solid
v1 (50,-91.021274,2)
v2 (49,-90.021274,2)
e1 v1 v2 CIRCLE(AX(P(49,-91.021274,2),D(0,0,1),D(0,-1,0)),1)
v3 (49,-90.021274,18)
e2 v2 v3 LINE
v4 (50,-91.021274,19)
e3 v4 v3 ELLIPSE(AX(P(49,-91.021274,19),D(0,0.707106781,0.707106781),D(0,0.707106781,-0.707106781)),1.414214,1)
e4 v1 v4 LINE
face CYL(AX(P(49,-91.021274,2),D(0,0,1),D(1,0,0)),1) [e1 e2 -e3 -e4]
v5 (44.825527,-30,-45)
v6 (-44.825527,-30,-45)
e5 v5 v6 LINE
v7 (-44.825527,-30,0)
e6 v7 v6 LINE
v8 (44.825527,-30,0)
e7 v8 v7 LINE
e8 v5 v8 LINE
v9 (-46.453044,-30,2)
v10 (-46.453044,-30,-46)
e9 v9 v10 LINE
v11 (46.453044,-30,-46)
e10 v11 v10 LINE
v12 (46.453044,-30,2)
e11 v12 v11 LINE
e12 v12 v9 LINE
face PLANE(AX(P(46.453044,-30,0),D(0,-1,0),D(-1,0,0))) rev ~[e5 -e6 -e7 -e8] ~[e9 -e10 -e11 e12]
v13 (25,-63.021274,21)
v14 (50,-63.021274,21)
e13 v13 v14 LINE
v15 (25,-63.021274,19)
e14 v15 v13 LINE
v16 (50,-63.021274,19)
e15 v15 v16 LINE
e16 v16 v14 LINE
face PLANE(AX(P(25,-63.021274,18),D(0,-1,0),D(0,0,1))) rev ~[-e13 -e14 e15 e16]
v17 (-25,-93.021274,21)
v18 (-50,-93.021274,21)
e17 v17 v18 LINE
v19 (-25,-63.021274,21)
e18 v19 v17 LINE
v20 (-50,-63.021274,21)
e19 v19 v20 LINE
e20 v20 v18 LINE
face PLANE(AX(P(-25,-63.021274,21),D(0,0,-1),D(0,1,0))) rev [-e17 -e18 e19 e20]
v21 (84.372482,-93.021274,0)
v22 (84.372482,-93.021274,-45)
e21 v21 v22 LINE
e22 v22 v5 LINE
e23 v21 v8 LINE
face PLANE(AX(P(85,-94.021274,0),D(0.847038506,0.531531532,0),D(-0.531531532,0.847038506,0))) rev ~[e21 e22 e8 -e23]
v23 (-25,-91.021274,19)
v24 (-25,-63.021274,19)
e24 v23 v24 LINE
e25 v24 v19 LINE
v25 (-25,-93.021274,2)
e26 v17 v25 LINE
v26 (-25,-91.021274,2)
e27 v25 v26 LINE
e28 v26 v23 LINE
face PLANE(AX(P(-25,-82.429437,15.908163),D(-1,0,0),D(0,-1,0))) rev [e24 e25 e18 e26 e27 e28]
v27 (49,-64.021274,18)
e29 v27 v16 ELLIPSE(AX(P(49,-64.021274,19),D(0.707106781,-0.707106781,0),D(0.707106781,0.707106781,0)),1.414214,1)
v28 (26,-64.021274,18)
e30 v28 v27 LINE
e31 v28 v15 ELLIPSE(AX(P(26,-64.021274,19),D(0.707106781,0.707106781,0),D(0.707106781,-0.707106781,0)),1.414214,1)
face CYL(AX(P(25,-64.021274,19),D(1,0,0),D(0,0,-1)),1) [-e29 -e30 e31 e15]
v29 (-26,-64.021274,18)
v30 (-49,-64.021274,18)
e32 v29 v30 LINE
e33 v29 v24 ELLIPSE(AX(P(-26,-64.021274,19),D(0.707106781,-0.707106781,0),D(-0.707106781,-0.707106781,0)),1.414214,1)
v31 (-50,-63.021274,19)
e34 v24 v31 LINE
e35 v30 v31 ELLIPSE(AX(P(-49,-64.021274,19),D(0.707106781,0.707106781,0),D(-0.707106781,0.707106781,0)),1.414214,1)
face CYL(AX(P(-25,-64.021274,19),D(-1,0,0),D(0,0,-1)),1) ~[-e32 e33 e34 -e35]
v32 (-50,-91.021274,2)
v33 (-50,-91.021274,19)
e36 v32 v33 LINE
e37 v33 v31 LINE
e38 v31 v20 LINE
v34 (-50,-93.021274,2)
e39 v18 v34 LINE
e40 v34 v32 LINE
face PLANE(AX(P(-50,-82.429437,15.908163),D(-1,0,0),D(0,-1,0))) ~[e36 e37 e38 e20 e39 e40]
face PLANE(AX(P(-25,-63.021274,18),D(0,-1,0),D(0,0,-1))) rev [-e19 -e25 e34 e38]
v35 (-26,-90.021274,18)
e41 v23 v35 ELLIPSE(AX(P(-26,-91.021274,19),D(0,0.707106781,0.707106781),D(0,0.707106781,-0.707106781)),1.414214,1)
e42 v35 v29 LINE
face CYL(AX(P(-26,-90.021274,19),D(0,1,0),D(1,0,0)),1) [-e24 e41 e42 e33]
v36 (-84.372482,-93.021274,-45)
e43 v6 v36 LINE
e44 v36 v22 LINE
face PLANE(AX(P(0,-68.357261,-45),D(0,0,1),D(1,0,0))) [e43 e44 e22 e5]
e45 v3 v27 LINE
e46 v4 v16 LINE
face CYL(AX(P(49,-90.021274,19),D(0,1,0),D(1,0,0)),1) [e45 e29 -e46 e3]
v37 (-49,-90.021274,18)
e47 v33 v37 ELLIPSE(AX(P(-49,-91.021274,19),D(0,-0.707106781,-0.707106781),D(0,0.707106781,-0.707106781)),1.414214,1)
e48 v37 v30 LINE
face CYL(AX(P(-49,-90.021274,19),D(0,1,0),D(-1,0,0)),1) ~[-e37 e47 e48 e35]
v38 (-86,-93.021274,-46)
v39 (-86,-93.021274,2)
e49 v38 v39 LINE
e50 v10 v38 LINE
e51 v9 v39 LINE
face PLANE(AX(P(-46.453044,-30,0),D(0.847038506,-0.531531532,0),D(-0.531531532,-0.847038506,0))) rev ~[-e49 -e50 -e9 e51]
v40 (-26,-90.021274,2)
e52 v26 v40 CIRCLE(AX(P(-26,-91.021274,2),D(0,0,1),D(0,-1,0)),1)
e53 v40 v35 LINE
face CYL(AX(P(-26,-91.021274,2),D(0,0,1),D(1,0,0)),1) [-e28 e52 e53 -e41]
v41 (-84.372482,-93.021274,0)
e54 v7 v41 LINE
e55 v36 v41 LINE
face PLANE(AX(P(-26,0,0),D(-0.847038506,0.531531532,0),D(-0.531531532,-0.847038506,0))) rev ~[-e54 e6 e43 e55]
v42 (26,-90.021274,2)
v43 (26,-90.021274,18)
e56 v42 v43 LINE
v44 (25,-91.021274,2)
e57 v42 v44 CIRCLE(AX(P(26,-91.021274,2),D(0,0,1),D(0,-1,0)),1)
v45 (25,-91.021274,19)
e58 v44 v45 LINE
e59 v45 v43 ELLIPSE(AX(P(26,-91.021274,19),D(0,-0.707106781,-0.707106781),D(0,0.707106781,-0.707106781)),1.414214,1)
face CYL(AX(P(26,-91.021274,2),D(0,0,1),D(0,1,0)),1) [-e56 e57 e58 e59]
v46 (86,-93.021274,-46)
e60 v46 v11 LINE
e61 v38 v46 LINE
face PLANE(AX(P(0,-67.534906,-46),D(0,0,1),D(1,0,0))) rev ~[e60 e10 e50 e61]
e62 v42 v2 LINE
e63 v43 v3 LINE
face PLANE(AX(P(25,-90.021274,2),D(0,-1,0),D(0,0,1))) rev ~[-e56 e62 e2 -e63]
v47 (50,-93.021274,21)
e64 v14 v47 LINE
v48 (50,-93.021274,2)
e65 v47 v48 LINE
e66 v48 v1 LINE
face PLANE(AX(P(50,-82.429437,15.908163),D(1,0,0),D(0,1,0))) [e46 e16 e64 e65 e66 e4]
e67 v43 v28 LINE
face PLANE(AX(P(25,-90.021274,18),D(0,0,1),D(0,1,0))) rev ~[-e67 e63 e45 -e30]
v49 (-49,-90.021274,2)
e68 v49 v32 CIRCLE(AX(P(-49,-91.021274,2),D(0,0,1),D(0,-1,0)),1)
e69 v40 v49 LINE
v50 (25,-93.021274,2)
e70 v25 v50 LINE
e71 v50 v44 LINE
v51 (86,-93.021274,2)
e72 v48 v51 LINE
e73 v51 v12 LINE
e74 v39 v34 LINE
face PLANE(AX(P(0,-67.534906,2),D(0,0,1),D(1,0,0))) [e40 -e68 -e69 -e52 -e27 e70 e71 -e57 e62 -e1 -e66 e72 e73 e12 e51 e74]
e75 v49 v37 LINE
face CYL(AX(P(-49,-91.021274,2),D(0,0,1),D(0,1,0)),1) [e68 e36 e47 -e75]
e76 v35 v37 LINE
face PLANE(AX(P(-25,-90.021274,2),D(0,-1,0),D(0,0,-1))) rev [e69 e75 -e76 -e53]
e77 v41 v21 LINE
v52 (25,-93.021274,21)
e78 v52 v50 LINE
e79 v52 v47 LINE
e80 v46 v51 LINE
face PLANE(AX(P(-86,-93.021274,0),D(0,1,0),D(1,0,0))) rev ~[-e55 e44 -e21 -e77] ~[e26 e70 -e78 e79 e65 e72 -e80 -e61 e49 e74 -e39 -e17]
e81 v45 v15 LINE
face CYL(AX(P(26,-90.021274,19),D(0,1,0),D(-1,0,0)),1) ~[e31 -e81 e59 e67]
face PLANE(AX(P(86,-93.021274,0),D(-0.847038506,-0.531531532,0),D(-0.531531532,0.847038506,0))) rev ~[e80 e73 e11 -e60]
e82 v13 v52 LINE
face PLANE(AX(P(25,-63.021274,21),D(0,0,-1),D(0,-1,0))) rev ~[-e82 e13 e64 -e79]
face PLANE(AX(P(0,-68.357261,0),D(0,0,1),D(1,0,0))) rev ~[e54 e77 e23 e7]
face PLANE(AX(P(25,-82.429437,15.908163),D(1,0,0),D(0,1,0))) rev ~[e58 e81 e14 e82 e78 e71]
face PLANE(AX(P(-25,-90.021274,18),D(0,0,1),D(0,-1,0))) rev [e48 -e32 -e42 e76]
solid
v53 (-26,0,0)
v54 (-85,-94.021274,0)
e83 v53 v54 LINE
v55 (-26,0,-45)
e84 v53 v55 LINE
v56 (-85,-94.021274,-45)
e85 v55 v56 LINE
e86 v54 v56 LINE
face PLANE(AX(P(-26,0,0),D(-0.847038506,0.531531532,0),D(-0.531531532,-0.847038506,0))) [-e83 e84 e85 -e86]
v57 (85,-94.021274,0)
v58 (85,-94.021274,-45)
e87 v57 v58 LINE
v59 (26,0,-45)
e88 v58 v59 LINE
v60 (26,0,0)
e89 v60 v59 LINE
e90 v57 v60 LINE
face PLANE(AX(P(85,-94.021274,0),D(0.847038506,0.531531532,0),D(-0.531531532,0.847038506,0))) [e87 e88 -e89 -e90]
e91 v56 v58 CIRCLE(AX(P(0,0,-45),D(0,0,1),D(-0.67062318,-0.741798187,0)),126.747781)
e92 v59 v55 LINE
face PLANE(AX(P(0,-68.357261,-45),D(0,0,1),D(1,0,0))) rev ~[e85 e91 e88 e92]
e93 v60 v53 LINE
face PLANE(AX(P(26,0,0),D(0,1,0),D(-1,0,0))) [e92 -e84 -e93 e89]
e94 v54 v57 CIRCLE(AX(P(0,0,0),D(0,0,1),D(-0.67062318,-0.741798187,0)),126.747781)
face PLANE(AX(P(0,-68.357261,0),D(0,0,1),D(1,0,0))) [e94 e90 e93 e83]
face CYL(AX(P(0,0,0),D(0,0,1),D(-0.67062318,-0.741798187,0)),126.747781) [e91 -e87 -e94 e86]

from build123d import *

# Parameters (mm, degrees)
F1_DEPTH      = 45
F3_DEPTH      = 46
F3_DEPTH_BACK = 2
F6_START      = 25
F6_DEPTH      = 25
F8_R          = 1


with BuildPart() as f1:
    # F0 (on Top) → F1 (new body)
    with BuildSketch(Plane.XY):
        with BuildLine():
            Line((85, -94.0212741883), (26, 0))
            Line((26, 0), (-26, 0))
            Line((-26, 0), (-85, -94.0212741883))
            ThreePointArc((-85, -94.0212741883), (0, -126.7477810457), (85, -94.0212741883))
        make_face()
    extrude(amount=-F1_DEPTH)


with BuildPart() as f3:
    # F2 (on Top) → F3 (new body, two sides)
    with BuildSketch(Plane.XY) as f3_sk:
        Polygon((-46.4530441731, -30), (-86, -93.0212741883), (86, -93.0212741883), (46.4530441731, -30), align=None)
    extrude(amount=-F3_DEPTH)
    extrude(f3_sk.sketch, amount=F3_DEPTH_BACK)

    # F4: cut F1
    add(f1.part, mode=Mode.SUBTRACT)



with BuildPart() as f6:
    # F5 (on Right) → F6 (new body)
    with BuildSketch(Plane.YZ.offset(F6_START)):
        Polygon((-90.0212741883, 18), (-63.0212741883, 18), (-63.0212741883, 21), (-93.0212741883, 21), (-93.0212741883, 2), (-90.0212741883, 2), align=None)
    extrude(amount=F6_DEPTH)


with BuildPart() as f3_1:
    add(f3.part)

    add(f6.part)  # F7 merges F6
    # F7: F6 across plane
    add(f6.part.mirror(Plane.YZ))

    # F8
    f8_edges = [f3_1.edges().sort_by_distance(p)[0] for p in [
        (-37.5, -63.021274, 18),
        (37.5, -63.021274, 18),
        (50, -76.521274, 18),
        (25, -76.521274, 18),
        (-25, -76.521274, 18),
        (-50, -76.521274, 18),
        (-50, -90.021274, 10),
        (-25, -90.021274, 10),
        (25, -90.021274, 10),
        (50, -90.021274, 10),
    ]]
    fillet(f8_edges, radius=F8_R)


solid = Compound([f1.part, f3_1.part])
